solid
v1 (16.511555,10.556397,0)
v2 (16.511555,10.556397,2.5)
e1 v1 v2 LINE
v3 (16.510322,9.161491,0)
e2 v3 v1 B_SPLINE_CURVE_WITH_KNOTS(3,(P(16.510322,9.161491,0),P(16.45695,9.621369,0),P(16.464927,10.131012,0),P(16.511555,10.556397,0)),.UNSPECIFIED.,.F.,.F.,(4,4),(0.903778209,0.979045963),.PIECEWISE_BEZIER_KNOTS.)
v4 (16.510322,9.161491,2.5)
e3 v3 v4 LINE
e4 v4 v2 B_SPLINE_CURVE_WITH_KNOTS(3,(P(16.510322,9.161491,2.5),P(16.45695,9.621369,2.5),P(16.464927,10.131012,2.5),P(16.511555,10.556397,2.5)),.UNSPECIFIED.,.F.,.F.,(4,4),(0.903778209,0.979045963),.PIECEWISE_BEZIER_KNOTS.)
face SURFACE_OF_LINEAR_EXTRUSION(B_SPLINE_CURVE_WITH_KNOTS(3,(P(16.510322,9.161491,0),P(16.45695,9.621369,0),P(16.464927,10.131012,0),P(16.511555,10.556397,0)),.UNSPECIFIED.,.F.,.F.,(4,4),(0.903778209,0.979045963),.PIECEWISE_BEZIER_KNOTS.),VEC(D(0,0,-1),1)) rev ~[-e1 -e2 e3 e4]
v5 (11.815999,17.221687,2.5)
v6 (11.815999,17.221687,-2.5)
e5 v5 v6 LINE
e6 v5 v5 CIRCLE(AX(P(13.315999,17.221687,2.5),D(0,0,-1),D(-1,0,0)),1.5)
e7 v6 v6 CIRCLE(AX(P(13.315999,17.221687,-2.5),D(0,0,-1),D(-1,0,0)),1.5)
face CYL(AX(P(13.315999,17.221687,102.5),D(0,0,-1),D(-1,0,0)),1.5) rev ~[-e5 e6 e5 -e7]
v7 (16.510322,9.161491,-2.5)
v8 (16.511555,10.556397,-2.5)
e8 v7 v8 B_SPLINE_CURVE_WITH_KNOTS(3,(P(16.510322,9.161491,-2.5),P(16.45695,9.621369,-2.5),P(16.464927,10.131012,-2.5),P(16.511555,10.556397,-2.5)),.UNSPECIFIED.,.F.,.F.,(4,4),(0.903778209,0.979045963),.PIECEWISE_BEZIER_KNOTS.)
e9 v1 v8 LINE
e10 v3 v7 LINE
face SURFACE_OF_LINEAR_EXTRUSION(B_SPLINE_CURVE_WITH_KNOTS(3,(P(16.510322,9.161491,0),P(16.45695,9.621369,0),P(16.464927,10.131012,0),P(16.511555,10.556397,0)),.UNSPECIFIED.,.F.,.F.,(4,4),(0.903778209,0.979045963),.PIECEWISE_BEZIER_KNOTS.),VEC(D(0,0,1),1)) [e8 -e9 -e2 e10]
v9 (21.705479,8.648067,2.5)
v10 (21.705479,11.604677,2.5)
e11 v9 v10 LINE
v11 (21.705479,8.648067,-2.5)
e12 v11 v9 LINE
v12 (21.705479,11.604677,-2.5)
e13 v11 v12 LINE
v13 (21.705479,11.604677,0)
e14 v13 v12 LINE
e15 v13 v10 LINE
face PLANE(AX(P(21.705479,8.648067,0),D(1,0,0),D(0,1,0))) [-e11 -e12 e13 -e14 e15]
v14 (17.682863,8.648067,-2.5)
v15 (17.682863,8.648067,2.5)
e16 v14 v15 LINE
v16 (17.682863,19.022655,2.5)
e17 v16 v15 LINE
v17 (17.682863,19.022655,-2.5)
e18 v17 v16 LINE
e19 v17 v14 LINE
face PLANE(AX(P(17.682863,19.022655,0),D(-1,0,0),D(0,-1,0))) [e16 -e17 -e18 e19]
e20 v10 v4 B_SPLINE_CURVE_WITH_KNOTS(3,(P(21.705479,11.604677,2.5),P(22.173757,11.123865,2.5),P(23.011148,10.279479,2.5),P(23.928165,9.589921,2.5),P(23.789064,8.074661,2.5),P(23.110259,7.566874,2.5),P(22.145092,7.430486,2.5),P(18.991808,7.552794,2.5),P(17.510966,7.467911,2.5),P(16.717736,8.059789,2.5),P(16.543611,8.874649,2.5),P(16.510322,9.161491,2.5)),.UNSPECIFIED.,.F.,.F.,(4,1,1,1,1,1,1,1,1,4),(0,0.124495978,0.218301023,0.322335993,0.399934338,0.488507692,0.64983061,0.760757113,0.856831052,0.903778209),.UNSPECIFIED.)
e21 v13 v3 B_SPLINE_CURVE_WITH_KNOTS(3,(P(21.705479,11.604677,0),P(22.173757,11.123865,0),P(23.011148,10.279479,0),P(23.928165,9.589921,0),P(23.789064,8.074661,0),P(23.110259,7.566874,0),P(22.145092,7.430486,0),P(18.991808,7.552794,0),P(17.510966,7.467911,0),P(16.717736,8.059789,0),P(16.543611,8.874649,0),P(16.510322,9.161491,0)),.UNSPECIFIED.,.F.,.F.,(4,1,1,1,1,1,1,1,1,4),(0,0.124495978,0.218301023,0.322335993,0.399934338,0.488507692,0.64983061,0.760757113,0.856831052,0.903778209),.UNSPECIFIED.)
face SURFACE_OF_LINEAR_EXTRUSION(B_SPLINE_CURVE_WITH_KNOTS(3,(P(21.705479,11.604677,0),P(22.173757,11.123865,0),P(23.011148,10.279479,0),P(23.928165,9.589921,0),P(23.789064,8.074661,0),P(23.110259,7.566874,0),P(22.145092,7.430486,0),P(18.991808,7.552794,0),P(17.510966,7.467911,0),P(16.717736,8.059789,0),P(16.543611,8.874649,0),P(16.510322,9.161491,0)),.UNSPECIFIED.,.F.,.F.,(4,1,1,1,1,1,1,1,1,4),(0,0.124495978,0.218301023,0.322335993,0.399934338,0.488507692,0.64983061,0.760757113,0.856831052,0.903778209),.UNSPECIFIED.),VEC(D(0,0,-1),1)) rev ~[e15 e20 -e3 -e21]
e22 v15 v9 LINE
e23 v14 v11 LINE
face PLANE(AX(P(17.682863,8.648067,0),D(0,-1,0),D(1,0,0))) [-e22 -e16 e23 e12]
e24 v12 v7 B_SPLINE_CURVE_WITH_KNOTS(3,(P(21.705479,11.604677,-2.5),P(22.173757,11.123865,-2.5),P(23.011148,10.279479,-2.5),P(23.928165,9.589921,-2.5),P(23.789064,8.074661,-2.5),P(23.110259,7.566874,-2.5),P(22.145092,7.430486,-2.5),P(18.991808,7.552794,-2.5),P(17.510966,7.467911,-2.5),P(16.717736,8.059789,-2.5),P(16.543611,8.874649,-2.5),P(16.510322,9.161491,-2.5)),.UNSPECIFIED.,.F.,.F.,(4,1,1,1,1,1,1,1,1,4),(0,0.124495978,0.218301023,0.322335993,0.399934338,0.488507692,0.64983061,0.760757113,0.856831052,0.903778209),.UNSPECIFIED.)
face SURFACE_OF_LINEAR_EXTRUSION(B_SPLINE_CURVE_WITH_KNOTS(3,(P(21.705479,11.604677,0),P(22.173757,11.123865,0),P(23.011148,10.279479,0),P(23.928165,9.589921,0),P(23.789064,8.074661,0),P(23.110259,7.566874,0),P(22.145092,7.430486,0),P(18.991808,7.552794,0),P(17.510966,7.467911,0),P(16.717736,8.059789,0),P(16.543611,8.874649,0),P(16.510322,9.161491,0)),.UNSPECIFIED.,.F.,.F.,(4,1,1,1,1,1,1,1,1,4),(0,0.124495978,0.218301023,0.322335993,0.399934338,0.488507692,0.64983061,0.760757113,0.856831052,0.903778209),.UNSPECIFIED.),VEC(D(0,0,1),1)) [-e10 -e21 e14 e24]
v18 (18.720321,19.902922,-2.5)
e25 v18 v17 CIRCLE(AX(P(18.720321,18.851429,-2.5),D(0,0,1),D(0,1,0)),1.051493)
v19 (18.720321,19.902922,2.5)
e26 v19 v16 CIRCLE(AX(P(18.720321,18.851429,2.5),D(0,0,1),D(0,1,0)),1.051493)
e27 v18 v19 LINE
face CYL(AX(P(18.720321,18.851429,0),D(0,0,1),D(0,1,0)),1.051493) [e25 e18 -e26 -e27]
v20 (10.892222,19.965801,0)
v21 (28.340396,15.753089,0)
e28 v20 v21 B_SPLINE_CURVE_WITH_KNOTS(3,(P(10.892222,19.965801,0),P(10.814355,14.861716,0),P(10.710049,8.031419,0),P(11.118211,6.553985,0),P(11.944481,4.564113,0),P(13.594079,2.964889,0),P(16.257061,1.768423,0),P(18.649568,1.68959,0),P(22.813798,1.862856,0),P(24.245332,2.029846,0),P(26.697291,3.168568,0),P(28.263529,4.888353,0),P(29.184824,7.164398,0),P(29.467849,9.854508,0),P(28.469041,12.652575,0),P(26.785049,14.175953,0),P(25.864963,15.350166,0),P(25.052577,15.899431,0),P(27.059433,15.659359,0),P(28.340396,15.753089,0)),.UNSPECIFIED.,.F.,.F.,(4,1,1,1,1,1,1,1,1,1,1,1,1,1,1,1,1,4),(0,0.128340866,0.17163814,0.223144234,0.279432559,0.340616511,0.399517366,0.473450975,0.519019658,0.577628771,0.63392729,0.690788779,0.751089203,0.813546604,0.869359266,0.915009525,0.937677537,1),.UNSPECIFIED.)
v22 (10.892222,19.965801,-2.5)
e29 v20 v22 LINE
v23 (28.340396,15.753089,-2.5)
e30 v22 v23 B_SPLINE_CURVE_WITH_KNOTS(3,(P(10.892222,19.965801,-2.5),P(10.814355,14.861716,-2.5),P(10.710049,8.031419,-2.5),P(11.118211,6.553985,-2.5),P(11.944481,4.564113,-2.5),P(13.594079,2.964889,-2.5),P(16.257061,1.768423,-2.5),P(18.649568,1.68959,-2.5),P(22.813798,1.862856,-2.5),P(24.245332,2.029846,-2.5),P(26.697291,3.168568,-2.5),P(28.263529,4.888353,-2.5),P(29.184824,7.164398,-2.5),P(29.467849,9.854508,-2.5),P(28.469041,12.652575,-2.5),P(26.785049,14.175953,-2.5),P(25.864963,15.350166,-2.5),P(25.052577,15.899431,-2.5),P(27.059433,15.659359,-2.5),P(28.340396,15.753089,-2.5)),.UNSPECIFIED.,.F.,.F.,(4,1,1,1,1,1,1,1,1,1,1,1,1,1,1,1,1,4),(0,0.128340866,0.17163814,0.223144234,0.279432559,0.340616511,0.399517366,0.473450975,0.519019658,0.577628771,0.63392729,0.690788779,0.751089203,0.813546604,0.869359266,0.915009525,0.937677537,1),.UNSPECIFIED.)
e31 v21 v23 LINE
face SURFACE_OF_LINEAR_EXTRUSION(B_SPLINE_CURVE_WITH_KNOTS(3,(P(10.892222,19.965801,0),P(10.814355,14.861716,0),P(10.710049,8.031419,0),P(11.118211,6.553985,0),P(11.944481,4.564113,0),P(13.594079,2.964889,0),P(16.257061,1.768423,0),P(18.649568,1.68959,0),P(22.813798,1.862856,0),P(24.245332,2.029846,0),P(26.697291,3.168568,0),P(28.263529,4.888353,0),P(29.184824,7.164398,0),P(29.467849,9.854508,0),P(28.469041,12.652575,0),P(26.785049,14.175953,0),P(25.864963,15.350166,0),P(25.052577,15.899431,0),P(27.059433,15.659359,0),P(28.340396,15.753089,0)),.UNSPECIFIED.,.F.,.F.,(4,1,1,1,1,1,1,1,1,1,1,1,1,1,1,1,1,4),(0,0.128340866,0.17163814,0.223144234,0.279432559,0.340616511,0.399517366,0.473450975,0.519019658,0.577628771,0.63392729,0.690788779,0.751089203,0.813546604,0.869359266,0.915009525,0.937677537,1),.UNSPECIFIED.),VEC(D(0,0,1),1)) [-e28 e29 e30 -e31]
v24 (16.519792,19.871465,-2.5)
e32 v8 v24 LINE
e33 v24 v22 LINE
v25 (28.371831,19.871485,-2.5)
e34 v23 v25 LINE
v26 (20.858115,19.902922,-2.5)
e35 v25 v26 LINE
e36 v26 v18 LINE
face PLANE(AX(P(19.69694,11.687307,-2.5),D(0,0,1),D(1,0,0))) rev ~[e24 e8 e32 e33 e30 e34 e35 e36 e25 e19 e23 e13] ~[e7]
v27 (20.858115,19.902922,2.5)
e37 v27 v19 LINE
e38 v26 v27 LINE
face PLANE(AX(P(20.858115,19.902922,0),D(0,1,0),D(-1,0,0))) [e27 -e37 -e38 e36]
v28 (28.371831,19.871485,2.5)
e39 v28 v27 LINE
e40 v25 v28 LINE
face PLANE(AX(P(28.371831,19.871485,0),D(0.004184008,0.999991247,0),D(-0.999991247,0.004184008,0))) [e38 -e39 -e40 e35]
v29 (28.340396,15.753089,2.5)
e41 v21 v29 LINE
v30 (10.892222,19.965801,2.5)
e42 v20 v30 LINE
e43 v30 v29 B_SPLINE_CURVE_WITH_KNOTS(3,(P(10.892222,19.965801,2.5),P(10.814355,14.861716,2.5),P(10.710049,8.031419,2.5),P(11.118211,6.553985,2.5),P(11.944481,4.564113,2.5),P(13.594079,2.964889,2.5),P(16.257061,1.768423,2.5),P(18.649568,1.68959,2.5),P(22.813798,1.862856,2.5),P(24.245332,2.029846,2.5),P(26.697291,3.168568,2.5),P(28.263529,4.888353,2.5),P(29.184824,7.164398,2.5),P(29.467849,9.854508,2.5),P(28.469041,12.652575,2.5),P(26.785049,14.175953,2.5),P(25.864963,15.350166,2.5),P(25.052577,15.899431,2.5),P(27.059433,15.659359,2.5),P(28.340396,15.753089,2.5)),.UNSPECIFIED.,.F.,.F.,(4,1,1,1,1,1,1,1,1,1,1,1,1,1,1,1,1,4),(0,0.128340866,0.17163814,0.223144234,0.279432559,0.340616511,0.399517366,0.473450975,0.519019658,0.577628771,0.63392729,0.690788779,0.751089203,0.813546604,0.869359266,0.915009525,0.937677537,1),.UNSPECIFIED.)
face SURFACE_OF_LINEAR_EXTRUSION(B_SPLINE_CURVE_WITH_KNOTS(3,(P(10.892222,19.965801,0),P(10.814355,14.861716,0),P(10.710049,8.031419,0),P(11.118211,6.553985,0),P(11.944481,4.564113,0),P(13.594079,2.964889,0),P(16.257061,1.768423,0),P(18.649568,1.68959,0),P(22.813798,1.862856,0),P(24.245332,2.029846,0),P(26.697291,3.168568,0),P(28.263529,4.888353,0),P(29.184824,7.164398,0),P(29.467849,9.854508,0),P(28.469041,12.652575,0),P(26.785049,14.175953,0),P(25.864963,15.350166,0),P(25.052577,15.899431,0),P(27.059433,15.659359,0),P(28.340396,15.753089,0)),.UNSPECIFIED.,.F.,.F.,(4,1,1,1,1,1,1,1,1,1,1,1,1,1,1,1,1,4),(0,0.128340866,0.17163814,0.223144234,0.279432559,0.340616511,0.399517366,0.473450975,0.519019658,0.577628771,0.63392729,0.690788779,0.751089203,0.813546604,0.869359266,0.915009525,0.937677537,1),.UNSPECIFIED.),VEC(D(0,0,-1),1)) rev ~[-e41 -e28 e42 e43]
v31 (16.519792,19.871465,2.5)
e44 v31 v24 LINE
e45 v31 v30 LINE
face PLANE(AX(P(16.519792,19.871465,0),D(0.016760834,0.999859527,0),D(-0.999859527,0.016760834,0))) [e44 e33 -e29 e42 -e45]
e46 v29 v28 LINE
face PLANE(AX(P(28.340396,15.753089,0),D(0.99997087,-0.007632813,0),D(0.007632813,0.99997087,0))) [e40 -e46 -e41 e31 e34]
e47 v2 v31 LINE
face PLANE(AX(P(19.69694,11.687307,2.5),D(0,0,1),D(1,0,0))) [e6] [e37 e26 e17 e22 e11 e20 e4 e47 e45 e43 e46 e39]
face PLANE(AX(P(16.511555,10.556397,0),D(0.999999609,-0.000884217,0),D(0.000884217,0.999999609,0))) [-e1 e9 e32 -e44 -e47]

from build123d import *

# Parameters (mm, degrees)
F1_DEPTH = 2.5
F3_D     = 3
F3_DEPTH = 100
F3_TIP   = 0.9012909285


with BuildPart() as f1:
    # F0 (on Top) → F1 (new body, symmetric)
    with BuildSketch(Plane.XY):
        with BuildLine():
            Line((16.5197917333, 19.8714654365), (10.892221703, 19.9658014561))
            add(Edge.make_bspline(
                [(10.892221703, 19.9658014561), (10.8143546335, 14.8617160259), (10.7100488927, 8.0314186114), (11.1182113722, 6.553984652), (11.9444805125, 4.5641129634), (13.5940792842, 2.964889471), (16.2570606411, 1.7684227577), (18.649568188, 1.6895895082), (22.8137976587, 1.8628563269), (24.2453324085, 2.0298462818), (26.6972905667, 3.1685682186), (28.2635286355, 4.8883531104), (29.1848244879, 7.16439765), (29.4678485849, 9.8545076258), (28.4690410586, 12.6525753386), (26.7850485598, 14.1759532025), (25.8649631307, 15.3501661416), (25.0525766539, 15.8994306423), (27.0594329418, 15.659358863), (28.3403956203, 15.753088607)],
                knots=[0, 0, 0, 0, 0.1283408662, 0.1716381395, 0.2231442344, 0.2794325592, 0.3406165115, 0.3995173659, 0.4734509748, 0.5190196579, 0.5776287713, 0.6339272899, 0.6907887795, 0.7510892035, 0.8135466038, 0.8693592661, 0.9150095247, 0.937677537, 1, 1, 1, 1], degree=3))
            Line((28.3403956203, 15.753088607), (28.3718314825, 19.8714845763))
            Line((28.3718314825, 19.8714845763), (20.8581146656, 19.9029223011))
            Line((20.8581146656, 19.9029223011), (18.7203214376, 19.9029223011))
            ThreePointArc((18.7203214376, 19.9029223011), (18.0400292513, 19.6532023213), (17.6828634797, 19.02265483))
            Line((17.6828634797, 19.02265483), (17.6828634797, 8.6480668695))
            Line((17.6828634797, 8.6480668695), (21.7054787717, 8.6480668695))
            Line((21.7054787717, 8.6480668695), (21.7054787717, 11.604677221))
            add(Edge.make_bspline(
                [(21.7054787717, 11.604677221), (22.1737566938, 11.1238649471), (23.0111482648, 10.2794790097), (23.9281646559, 9.5899206587), (23.789063701, 8.0746610871), (23.1102587954, 7.5668735303), (22.1450924865, 7.4304855343), (18.9918082678, 7.5527942752), (17.5109656402, 7.4679105935), (16.7177356235, 8.0597889362), (16.5436114949, 8.8746494089), (16.5103217856, 9.1614913105)],
                knots=[0, 0, 0, 0, 0.124495978, 0.2183010226, 0.3223359925, 0.3999343384, 0.4885076922, 0.6498306095, 0.7607571133, 0.8568310519, 0.9037782095, 0.9037782095, 0.9037782095, 0.9037782095], degree=3))
            add(Edge.make_bspline(
                [(16.5103217856, 9.1614913105), (16.4569502555, 9.6213688969), (16.4649265807, 10.131012352), (16.5115551856, 10.5563968375)],
                knots=[0.9037782095, 0.9037782095, 0.9037782095, 0.9037782095, 0.9790459629, 0.9790459629, 0.9790459629, 0.9790459629], degree=3))
            Line((16.5115551856, 10.5563968375), (16.5197917333, 19.8714654365))
        make_face()
    extrude(amount=F1_DEPTH, both=True)

    # F3
    with Locations(Plane.XY.offset(2.5)):
        with Locations((13.3159989491, 17.2216873616)):
            Hole(F3_D / 2, depth=F3_DEPTH)
            with Locations((0, 0, -(F3_DEPTH + F3_TIP / 2))):  # 118° drill point
                Cone(0, F3_D / 2, F3_TIP, mode=Mode.SUBTRACT)


solid = f1.part
